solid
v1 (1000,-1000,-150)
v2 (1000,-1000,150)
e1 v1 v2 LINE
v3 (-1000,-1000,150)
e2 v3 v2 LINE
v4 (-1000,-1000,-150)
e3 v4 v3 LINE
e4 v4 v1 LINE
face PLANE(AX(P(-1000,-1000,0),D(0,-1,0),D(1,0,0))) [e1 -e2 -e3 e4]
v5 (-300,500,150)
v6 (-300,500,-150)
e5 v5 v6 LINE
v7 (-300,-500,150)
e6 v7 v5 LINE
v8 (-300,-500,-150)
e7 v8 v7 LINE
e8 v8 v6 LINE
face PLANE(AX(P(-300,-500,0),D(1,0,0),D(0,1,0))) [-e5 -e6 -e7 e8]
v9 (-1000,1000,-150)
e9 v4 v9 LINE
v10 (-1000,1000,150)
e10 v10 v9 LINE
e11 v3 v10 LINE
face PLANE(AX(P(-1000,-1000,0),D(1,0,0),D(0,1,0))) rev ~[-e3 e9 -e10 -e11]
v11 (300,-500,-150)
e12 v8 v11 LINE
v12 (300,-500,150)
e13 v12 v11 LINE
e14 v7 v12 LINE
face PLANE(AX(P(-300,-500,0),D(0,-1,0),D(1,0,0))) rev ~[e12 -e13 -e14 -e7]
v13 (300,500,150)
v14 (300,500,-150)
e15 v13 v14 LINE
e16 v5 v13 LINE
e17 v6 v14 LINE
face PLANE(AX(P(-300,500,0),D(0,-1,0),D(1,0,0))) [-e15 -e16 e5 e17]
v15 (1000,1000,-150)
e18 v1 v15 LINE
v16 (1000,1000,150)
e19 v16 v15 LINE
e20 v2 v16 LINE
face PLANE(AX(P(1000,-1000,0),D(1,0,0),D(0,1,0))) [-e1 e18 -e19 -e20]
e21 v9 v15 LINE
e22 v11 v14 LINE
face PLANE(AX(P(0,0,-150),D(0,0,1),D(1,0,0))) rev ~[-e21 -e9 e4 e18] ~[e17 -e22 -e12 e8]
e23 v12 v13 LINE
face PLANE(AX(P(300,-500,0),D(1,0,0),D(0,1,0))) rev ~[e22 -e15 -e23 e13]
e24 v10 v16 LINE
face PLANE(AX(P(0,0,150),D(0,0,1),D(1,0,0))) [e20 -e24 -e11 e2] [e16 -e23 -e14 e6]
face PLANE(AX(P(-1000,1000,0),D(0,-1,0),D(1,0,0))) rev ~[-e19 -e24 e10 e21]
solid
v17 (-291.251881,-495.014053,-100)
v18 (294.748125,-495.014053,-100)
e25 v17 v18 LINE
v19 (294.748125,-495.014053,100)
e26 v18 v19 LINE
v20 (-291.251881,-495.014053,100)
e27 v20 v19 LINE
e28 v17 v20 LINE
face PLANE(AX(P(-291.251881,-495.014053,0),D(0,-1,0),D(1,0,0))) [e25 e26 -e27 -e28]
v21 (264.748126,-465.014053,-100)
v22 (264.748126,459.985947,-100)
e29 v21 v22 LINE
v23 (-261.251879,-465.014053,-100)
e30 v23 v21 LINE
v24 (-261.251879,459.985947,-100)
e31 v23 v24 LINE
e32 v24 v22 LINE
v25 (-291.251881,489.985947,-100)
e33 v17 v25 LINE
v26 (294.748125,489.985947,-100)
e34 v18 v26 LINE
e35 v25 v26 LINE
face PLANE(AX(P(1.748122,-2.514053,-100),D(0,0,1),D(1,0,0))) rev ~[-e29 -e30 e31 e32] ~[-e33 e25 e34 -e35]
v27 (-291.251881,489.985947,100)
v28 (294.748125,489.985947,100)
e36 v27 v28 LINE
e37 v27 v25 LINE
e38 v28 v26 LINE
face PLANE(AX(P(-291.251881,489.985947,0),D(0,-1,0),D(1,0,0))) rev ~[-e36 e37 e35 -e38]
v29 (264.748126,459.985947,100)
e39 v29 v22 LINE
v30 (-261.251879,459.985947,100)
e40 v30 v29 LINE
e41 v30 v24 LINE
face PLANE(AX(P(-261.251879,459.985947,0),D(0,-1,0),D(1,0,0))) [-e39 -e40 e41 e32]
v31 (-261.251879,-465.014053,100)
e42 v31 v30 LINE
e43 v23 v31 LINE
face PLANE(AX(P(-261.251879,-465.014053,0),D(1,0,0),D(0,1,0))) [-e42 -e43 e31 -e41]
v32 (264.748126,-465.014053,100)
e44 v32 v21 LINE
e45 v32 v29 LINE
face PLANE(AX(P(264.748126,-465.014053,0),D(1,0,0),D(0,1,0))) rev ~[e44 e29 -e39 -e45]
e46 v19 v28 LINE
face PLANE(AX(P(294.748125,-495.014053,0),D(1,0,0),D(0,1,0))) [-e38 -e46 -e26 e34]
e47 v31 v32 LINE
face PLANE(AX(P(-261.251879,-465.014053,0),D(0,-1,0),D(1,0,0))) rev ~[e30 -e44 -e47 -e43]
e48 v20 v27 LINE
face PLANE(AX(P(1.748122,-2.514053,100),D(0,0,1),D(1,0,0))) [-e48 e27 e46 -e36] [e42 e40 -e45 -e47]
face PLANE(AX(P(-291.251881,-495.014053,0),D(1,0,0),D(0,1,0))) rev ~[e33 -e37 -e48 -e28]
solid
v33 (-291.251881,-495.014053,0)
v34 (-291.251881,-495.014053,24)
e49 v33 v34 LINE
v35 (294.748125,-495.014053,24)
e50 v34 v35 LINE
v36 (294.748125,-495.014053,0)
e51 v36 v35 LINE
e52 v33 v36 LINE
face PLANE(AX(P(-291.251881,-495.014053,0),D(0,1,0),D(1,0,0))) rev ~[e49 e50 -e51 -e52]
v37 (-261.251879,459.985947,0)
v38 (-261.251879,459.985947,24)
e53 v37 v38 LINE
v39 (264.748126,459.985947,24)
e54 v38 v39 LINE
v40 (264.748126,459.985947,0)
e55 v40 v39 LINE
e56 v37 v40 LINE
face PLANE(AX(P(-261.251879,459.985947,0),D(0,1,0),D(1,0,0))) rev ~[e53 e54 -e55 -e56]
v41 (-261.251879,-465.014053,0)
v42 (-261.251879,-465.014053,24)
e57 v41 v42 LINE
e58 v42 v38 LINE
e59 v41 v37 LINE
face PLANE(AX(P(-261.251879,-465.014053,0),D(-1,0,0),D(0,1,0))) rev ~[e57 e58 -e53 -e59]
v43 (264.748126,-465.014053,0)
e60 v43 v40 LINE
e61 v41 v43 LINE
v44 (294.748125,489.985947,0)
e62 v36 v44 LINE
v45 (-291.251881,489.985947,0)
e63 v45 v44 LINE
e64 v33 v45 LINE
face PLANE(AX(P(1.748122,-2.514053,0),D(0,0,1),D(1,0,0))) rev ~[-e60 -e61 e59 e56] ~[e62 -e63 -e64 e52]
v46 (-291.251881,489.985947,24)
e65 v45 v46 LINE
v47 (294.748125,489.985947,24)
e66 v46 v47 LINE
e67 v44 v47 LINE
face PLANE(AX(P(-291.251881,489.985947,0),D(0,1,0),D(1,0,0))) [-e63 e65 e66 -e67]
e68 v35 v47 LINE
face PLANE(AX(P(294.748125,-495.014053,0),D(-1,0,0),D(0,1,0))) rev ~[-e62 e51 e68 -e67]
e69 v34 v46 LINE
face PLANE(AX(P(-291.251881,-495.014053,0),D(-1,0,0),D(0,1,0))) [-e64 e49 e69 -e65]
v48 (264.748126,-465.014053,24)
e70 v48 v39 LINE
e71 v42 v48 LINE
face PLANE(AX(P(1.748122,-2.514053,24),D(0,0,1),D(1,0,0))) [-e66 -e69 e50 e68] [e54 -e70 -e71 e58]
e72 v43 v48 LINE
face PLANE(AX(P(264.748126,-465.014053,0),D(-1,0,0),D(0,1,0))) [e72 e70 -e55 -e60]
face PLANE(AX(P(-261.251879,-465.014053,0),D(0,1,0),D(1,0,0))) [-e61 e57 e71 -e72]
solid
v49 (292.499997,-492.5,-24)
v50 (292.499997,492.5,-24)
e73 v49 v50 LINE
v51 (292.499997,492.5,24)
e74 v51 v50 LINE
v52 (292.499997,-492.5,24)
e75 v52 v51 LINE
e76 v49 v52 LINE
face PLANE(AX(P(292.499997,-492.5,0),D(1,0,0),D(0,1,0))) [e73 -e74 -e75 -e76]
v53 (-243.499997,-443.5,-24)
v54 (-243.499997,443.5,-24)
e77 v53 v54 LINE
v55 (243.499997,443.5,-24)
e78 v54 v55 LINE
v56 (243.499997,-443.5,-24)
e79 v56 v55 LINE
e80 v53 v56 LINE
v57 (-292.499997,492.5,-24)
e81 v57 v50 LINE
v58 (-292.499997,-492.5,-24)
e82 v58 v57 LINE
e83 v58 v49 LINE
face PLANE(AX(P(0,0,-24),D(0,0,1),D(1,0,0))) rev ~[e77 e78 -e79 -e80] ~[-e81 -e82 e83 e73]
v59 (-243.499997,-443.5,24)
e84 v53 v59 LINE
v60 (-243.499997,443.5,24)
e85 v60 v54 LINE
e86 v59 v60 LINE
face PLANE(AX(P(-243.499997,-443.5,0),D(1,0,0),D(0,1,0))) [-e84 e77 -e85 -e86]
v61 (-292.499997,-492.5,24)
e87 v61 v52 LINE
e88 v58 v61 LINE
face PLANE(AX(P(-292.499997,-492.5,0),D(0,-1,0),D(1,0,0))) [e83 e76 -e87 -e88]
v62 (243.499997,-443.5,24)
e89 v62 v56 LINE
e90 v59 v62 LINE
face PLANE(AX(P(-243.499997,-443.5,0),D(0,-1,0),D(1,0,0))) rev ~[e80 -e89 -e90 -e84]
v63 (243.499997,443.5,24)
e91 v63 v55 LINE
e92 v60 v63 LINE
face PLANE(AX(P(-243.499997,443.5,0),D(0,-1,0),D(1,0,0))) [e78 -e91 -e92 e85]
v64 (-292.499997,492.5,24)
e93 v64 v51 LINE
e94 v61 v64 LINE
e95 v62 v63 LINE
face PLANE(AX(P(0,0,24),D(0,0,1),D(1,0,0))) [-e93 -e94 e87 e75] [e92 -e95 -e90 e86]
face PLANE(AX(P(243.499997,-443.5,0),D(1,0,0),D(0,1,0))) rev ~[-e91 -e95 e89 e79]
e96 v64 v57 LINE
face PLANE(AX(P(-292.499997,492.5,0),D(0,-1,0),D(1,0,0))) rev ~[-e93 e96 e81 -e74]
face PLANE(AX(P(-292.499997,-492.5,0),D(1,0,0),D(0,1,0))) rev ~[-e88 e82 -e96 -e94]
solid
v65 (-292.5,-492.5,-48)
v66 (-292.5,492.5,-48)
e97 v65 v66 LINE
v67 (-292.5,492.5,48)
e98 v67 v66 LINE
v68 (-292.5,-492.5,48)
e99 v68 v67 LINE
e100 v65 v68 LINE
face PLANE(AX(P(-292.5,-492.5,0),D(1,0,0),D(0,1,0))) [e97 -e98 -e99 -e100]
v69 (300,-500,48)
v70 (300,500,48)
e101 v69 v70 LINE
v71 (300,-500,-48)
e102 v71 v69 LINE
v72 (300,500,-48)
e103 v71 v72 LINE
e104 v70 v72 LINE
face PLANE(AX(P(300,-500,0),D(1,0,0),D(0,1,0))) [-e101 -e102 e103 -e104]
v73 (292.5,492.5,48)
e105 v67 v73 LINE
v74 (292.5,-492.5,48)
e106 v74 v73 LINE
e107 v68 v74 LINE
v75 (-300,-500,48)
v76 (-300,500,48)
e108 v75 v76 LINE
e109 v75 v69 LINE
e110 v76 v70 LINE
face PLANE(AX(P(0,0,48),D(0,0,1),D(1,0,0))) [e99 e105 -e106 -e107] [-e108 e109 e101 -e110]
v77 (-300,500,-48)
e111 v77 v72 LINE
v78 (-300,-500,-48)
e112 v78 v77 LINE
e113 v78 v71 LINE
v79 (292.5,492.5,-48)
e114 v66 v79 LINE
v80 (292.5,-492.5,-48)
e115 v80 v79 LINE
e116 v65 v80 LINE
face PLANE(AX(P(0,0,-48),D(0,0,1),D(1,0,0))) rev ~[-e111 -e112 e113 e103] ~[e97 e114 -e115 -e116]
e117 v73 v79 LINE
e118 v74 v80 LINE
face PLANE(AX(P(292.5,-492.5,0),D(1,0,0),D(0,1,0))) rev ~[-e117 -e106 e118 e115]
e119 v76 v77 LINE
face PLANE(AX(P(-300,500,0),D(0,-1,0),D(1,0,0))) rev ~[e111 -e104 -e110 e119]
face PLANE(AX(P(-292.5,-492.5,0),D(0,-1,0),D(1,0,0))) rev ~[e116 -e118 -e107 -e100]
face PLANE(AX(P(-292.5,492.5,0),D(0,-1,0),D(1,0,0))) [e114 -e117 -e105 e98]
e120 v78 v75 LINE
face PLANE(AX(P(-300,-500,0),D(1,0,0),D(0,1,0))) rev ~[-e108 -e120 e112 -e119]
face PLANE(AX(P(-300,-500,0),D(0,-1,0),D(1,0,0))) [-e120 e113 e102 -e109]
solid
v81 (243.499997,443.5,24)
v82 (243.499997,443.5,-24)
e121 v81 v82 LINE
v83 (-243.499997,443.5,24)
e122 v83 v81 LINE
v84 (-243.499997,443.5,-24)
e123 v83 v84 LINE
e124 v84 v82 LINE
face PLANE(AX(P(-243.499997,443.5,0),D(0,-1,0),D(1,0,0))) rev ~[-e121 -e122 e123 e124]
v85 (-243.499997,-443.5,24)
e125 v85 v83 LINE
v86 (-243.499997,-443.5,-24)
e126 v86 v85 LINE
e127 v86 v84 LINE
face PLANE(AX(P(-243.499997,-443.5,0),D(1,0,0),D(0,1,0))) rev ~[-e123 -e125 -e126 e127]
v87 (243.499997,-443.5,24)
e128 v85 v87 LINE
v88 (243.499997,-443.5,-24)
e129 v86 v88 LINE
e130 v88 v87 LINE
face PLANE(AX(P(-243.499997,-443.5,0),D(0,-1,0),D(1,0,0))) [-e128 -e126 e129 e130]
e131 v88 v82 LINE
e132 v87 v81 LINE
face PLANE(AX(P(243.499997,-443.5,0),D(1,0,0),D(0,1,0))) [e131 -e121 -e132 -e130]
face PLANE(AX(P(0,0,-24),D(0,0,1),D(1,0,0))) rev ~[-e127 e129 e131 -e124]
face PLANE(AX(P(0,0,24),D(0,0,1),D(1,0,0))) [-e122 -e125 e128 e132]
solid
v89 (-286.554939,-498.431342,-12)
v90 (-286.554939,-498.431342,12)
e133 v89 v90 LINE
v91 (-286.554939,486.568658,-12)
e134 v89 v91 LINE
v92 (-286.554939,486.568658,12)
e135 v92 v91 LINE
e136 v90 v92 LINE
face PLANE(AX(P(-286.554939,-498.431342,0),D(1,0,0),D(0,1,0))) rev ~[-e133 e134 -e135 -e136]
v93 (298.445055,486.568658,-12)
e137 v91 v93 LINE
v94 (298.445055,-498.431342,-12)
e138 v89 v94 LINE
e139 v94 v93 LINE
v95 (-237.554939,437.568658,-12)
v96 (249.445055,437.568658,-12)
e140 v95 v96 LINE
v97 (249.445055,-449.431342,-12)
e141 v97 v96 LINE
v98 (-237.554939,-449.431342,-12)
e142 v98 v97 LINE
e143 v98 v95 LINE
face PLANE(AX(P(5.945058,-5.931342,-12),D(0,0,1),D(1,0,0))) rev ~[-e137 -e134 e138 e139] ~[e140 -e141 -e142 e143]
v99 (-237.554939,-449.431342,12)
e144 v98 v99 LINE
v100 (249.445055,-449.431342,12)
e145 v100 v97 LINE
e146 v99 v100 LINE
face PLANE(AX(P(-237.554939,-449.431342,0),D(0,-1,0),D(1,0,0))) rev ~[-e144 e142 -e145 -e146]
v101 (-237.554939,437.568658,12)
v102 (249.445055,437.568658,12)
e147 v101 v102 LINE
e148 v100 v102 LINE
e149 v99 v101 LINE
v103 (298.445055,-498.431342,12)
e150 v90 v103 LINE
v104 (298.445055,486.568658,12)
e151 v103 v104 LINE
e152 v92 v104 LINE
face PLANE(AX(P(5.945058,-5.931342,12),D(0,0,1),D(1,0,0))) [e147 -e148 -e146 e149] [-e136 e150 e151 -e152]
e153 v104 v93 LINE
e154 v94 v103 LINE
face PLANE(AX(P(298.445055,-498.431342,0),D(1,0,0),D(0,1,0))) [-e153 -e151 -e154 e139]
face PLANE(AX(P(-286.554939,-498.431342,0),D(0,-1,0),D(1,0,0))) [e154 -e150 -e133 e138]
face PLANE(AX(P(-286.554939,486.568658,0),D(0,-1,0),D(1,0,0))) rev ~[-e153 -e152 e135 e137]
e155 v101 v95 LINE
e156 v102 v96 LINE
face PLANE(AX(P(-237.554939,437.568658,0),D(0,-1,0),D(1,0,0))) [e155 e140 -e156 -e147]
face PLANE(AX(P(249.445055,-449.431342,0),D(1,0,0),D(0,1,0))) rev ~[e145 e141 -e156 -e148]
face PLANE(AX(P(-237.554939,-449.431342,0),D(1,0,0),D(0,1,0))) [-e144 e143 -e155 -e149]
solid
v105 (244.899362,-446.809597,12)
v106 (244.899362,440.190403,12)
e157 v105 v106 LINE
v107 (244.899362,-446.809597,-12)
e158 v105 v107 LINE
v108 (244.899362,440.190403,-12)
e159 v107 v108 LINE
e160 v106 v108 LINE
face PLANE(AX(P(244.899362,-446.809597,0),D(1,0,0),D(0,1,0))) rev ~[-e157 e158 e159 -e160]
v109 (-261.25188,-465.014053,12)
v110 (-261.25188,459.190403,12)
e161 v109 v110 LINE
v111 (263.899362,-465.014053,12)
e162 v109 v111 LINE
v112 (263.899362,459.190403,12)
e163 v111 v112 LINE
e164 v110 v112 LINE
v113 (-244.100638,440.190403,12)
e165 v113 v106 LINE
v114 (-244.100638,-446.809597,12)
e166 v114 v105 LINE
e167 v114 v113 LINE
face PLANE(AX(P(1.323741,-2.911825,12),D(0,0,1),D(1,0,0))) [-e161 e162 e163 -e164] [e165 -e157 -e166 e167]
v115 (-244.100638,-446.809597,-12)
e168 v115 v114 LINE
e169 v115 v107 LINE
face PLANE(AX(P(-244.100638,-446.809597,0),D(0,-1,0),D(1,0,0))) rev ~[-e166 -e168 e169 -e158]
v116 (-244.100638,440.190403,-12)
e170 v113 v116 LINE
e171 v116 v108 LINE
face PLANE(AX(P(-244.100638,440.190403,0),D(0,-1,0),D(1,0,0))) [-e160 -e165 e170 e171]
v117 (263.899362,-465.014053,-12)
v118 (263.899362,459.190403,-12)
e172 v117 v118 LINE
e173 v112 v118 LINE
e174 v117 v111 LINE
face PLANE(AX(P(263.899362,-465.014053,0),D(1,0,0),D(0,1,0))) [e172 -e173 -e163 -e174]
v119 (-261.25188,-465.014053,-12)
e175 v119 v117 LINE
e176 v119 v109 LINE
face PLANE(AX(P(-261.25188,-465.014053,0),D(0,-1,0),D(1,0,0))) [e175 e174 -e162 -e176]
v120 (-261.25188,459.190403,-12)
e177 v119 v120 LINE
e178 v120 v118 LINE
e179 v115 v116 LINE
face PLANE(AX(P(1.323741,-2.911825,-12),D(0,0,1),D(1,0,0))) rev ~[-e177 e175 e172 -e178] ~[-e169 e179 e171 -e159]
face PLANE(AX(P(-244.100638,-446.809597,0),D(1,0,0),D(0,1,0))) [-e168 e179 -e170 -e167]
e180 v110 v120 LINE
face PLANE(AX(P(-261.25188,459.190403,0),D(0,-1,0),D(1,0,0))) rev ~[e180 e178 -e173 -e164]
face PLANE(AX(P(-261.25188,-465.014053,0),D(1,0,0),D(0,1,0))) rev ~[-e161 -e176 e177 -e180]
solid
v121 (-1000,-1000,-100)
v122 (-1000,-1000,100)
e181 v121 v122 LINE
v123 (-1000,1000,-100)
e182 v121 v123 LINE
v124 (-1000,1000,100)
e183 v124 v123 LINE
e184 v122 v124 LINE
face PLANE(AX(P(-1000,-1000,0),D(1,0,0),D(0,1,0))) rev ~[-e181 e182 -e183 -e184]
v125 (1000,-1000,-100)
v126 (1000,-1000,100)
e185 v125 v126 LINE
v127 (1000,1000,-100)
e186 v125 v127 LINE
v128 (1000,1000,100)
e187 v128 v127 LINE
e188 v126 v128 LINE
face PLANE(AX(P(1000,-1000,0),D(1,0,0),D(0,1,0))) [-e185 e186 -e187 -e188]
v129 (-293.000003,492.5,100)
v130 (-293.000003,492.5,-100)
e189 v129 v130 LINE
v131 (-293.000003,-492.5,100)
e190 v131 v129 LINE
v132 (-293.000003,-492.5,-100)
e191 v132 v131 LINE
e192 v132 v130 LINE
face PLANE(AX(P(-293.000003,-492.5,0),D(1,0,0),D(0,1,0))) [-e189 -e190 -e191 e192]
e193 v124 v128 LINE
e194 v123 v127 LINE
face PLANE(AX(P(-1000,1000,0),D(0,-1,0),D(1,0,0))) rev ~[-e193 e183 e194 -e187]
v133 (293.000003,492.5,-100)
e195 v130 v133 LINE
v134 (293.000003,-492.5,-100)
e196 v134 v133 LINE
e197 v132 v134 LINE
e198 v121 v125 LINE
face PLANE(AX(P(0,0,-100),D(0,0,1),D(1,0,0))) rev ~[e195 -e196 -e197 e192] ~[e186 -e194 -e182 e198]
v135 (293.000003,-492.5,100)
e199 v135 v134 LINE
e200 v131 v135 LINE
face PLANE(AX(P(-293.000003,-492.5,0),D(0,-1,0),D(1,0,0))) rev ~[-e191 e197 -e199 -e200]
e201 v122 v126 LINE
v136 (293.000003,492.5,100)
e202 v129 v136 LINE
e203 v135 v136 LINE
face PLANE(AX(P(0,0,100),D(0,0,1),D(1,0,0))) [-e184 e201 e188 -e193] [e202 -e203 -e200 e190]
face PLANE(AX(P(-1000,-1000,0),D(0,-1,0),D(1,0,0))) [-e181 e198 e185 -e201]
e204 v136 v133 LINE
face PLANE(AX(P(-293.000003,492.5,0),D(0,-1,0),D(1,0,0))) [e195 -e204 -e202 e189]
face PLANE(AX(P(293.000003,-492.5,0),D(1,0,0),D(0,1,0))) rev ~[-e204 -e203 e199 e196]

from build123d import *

# Parameters (mm, degrees)
F0_W      = 600
F0_H      = 1000
F0_W_2    = 585
F0_H_2    = 985
F1_DEPTH  = 48
F2_W      = 584.999994
F2_H      = 985
F2_W_2    = 486.999994
F2_H_2    = 887
F3_DEPTH  = 24
F4_W      = 584.999994
F4_H      = 985
F4_W_2    = 486.999994
F4_H_2    = 887
F5_DEPTH  = 12
F6_W      = 526.000005
F6_H      = 925
F7_DEPTH  = 25
F6_W_2    = 586.000005
F6_H_2    = 985
F9_DEPTH  = 24
F10_W     = 525.151242
F10_H     = 924.204456
F10_W_2   = 489
F10_H_2   = 887
F11_DEPTH = 12
F12_DEPTH = 100
F13_W     = 2000
F13_H     = 2000
F13_W_2   = 586.000006
F13_H_2   = 985
F14_DEPTH = 100
F15_W     = 2000
F15_H     = 2000
F15_W_2   = 600
F15_H_2   = 1000
F16_DEPTH = 150
F17_DEPTH = 24


with BuildPart() as f1:
    # F0 (on Top) → F1 (new body, symmetric)
    with BuildSketch(Plane.XY):
        Rectangle(F0_W, F0_H)
        Rectangle(F0_W_2, F0_H_2, mode=Mode.SUBTRACT)
    extrude(amount=F1_DEPTH, both=True)


with BuildPart() as f3:
    # F2 (on Top) → F3 (new body, symmetric)
    with BuildSketch(Plane.XY):
        with Locations((-3e-06, 0)):
            Rectangle(F2_W, F2_H)
        with Locations((-3e-06, 0)):
            Rectangle(F2_W_2, F2_H_2, mode=Mode.SUBTRACT)
    extrude(amount=F3_DEPTH, both=True)


with BuildPart() as f5:
    # F4 (on Top) → F5 (new body, symmetric)
    with BuildSketch(Plane.XY):
        with Locations((5.945058, -5.931342)):
            Rectangle(F4_W, F4_H)
        with Locations((5.945058, -5.931342)):
            Rectangle(F4_W_2, F4_H_2, mode=Mode.SUBTRACT)
    extrude(amount=F5_DEPTH, both=True)


with BuildPart() as f7:
    # F6 (on Top) → F7 (new body)
    with BuildSketch(Plane.XY):
        with Locations((1.748123, -2.514053)):
            Rectangle(F6_W, F6_H)
    extrude(amount=F7_DEPTH)


with BuildPart() as f9:
    # F6 (on Top) → F9 (new body)
    with BuildSketch(Plane.XY):
        with Locations((1.748122, -2.514053)):
            Rectangle(F6_W_2, F6_H_2)
        with Locations((1.748123, -2.514053)):
            Rectangle(F6_W, F6_H, mode=Mode.SUBTRACT)
    extrude(amount=F9_DEPTH)


with BuildPart() as f11:
    # F10 (on face) → F11 (new body, symmetric)
    with BuildSketch(Plane.XY):
        with Locations((1.323741, -2.911825)):
            Rectangle(F10_W, F10_H)
        with Locations((0.399362, -3.309597)):
            Rectangle(F10_W_2, F10_H_2, mode=Mode.SUBTRACT)
    extrude(amount=F11_DEPTH, both=True)


with BuildPart() as f12:
    # F6 (on Top) → F12 (new body, symmetric)
    with BuildSketch(Plane.XY):
        with Locations((1.748122, -2.514053)):
            Rectangle(F6_W_2, F6_H_2)
        with Locations((1.748123, -2.514053)):
            Rectangle(F6_W, F6_H, mode=Mode.SUBTRACT)
    extrude(amount=F12_DEPTH, both=True)


with BuildPart() as f14:
    # F13 (on Top) → F14 (new body, symmetric)
    with BuildSketch(Plane.XY):
        Rectangle(F13_W, F13_H)
        Rectangle(F13_W_2, F13_H_2, mode=Mode.SUBTRACT)
    extrude(amount=F14_DEPTH, both=True)


with BuildPart() as f16:
    # F15 (on Top) → F16 (new body, symmetric)
    with BuildSketch(Plane.XY):
        Rectangle(F15_W, F15_H)
        Rectangle(F15_W_2, F15_H_2, mode=Mode.SUBTRACT)
    extrude(amount=F16_DEPTH, both=True)


with BuildPart() as f17:
    # F2 (on Top) → F17 (new body, symmetric)
    with BuildSketch(Plane.XY):
        with Locations((-3e-06, 0)):
            Rectangle(F2_W_2, F2_H_2)
    extrude(amount=F17_DEPTH, both=True)


solid = Compound([f1.part, f3.part, f5.part, f9.part, f11.part, f12.part, f14.part, f16.part, f17.part])
